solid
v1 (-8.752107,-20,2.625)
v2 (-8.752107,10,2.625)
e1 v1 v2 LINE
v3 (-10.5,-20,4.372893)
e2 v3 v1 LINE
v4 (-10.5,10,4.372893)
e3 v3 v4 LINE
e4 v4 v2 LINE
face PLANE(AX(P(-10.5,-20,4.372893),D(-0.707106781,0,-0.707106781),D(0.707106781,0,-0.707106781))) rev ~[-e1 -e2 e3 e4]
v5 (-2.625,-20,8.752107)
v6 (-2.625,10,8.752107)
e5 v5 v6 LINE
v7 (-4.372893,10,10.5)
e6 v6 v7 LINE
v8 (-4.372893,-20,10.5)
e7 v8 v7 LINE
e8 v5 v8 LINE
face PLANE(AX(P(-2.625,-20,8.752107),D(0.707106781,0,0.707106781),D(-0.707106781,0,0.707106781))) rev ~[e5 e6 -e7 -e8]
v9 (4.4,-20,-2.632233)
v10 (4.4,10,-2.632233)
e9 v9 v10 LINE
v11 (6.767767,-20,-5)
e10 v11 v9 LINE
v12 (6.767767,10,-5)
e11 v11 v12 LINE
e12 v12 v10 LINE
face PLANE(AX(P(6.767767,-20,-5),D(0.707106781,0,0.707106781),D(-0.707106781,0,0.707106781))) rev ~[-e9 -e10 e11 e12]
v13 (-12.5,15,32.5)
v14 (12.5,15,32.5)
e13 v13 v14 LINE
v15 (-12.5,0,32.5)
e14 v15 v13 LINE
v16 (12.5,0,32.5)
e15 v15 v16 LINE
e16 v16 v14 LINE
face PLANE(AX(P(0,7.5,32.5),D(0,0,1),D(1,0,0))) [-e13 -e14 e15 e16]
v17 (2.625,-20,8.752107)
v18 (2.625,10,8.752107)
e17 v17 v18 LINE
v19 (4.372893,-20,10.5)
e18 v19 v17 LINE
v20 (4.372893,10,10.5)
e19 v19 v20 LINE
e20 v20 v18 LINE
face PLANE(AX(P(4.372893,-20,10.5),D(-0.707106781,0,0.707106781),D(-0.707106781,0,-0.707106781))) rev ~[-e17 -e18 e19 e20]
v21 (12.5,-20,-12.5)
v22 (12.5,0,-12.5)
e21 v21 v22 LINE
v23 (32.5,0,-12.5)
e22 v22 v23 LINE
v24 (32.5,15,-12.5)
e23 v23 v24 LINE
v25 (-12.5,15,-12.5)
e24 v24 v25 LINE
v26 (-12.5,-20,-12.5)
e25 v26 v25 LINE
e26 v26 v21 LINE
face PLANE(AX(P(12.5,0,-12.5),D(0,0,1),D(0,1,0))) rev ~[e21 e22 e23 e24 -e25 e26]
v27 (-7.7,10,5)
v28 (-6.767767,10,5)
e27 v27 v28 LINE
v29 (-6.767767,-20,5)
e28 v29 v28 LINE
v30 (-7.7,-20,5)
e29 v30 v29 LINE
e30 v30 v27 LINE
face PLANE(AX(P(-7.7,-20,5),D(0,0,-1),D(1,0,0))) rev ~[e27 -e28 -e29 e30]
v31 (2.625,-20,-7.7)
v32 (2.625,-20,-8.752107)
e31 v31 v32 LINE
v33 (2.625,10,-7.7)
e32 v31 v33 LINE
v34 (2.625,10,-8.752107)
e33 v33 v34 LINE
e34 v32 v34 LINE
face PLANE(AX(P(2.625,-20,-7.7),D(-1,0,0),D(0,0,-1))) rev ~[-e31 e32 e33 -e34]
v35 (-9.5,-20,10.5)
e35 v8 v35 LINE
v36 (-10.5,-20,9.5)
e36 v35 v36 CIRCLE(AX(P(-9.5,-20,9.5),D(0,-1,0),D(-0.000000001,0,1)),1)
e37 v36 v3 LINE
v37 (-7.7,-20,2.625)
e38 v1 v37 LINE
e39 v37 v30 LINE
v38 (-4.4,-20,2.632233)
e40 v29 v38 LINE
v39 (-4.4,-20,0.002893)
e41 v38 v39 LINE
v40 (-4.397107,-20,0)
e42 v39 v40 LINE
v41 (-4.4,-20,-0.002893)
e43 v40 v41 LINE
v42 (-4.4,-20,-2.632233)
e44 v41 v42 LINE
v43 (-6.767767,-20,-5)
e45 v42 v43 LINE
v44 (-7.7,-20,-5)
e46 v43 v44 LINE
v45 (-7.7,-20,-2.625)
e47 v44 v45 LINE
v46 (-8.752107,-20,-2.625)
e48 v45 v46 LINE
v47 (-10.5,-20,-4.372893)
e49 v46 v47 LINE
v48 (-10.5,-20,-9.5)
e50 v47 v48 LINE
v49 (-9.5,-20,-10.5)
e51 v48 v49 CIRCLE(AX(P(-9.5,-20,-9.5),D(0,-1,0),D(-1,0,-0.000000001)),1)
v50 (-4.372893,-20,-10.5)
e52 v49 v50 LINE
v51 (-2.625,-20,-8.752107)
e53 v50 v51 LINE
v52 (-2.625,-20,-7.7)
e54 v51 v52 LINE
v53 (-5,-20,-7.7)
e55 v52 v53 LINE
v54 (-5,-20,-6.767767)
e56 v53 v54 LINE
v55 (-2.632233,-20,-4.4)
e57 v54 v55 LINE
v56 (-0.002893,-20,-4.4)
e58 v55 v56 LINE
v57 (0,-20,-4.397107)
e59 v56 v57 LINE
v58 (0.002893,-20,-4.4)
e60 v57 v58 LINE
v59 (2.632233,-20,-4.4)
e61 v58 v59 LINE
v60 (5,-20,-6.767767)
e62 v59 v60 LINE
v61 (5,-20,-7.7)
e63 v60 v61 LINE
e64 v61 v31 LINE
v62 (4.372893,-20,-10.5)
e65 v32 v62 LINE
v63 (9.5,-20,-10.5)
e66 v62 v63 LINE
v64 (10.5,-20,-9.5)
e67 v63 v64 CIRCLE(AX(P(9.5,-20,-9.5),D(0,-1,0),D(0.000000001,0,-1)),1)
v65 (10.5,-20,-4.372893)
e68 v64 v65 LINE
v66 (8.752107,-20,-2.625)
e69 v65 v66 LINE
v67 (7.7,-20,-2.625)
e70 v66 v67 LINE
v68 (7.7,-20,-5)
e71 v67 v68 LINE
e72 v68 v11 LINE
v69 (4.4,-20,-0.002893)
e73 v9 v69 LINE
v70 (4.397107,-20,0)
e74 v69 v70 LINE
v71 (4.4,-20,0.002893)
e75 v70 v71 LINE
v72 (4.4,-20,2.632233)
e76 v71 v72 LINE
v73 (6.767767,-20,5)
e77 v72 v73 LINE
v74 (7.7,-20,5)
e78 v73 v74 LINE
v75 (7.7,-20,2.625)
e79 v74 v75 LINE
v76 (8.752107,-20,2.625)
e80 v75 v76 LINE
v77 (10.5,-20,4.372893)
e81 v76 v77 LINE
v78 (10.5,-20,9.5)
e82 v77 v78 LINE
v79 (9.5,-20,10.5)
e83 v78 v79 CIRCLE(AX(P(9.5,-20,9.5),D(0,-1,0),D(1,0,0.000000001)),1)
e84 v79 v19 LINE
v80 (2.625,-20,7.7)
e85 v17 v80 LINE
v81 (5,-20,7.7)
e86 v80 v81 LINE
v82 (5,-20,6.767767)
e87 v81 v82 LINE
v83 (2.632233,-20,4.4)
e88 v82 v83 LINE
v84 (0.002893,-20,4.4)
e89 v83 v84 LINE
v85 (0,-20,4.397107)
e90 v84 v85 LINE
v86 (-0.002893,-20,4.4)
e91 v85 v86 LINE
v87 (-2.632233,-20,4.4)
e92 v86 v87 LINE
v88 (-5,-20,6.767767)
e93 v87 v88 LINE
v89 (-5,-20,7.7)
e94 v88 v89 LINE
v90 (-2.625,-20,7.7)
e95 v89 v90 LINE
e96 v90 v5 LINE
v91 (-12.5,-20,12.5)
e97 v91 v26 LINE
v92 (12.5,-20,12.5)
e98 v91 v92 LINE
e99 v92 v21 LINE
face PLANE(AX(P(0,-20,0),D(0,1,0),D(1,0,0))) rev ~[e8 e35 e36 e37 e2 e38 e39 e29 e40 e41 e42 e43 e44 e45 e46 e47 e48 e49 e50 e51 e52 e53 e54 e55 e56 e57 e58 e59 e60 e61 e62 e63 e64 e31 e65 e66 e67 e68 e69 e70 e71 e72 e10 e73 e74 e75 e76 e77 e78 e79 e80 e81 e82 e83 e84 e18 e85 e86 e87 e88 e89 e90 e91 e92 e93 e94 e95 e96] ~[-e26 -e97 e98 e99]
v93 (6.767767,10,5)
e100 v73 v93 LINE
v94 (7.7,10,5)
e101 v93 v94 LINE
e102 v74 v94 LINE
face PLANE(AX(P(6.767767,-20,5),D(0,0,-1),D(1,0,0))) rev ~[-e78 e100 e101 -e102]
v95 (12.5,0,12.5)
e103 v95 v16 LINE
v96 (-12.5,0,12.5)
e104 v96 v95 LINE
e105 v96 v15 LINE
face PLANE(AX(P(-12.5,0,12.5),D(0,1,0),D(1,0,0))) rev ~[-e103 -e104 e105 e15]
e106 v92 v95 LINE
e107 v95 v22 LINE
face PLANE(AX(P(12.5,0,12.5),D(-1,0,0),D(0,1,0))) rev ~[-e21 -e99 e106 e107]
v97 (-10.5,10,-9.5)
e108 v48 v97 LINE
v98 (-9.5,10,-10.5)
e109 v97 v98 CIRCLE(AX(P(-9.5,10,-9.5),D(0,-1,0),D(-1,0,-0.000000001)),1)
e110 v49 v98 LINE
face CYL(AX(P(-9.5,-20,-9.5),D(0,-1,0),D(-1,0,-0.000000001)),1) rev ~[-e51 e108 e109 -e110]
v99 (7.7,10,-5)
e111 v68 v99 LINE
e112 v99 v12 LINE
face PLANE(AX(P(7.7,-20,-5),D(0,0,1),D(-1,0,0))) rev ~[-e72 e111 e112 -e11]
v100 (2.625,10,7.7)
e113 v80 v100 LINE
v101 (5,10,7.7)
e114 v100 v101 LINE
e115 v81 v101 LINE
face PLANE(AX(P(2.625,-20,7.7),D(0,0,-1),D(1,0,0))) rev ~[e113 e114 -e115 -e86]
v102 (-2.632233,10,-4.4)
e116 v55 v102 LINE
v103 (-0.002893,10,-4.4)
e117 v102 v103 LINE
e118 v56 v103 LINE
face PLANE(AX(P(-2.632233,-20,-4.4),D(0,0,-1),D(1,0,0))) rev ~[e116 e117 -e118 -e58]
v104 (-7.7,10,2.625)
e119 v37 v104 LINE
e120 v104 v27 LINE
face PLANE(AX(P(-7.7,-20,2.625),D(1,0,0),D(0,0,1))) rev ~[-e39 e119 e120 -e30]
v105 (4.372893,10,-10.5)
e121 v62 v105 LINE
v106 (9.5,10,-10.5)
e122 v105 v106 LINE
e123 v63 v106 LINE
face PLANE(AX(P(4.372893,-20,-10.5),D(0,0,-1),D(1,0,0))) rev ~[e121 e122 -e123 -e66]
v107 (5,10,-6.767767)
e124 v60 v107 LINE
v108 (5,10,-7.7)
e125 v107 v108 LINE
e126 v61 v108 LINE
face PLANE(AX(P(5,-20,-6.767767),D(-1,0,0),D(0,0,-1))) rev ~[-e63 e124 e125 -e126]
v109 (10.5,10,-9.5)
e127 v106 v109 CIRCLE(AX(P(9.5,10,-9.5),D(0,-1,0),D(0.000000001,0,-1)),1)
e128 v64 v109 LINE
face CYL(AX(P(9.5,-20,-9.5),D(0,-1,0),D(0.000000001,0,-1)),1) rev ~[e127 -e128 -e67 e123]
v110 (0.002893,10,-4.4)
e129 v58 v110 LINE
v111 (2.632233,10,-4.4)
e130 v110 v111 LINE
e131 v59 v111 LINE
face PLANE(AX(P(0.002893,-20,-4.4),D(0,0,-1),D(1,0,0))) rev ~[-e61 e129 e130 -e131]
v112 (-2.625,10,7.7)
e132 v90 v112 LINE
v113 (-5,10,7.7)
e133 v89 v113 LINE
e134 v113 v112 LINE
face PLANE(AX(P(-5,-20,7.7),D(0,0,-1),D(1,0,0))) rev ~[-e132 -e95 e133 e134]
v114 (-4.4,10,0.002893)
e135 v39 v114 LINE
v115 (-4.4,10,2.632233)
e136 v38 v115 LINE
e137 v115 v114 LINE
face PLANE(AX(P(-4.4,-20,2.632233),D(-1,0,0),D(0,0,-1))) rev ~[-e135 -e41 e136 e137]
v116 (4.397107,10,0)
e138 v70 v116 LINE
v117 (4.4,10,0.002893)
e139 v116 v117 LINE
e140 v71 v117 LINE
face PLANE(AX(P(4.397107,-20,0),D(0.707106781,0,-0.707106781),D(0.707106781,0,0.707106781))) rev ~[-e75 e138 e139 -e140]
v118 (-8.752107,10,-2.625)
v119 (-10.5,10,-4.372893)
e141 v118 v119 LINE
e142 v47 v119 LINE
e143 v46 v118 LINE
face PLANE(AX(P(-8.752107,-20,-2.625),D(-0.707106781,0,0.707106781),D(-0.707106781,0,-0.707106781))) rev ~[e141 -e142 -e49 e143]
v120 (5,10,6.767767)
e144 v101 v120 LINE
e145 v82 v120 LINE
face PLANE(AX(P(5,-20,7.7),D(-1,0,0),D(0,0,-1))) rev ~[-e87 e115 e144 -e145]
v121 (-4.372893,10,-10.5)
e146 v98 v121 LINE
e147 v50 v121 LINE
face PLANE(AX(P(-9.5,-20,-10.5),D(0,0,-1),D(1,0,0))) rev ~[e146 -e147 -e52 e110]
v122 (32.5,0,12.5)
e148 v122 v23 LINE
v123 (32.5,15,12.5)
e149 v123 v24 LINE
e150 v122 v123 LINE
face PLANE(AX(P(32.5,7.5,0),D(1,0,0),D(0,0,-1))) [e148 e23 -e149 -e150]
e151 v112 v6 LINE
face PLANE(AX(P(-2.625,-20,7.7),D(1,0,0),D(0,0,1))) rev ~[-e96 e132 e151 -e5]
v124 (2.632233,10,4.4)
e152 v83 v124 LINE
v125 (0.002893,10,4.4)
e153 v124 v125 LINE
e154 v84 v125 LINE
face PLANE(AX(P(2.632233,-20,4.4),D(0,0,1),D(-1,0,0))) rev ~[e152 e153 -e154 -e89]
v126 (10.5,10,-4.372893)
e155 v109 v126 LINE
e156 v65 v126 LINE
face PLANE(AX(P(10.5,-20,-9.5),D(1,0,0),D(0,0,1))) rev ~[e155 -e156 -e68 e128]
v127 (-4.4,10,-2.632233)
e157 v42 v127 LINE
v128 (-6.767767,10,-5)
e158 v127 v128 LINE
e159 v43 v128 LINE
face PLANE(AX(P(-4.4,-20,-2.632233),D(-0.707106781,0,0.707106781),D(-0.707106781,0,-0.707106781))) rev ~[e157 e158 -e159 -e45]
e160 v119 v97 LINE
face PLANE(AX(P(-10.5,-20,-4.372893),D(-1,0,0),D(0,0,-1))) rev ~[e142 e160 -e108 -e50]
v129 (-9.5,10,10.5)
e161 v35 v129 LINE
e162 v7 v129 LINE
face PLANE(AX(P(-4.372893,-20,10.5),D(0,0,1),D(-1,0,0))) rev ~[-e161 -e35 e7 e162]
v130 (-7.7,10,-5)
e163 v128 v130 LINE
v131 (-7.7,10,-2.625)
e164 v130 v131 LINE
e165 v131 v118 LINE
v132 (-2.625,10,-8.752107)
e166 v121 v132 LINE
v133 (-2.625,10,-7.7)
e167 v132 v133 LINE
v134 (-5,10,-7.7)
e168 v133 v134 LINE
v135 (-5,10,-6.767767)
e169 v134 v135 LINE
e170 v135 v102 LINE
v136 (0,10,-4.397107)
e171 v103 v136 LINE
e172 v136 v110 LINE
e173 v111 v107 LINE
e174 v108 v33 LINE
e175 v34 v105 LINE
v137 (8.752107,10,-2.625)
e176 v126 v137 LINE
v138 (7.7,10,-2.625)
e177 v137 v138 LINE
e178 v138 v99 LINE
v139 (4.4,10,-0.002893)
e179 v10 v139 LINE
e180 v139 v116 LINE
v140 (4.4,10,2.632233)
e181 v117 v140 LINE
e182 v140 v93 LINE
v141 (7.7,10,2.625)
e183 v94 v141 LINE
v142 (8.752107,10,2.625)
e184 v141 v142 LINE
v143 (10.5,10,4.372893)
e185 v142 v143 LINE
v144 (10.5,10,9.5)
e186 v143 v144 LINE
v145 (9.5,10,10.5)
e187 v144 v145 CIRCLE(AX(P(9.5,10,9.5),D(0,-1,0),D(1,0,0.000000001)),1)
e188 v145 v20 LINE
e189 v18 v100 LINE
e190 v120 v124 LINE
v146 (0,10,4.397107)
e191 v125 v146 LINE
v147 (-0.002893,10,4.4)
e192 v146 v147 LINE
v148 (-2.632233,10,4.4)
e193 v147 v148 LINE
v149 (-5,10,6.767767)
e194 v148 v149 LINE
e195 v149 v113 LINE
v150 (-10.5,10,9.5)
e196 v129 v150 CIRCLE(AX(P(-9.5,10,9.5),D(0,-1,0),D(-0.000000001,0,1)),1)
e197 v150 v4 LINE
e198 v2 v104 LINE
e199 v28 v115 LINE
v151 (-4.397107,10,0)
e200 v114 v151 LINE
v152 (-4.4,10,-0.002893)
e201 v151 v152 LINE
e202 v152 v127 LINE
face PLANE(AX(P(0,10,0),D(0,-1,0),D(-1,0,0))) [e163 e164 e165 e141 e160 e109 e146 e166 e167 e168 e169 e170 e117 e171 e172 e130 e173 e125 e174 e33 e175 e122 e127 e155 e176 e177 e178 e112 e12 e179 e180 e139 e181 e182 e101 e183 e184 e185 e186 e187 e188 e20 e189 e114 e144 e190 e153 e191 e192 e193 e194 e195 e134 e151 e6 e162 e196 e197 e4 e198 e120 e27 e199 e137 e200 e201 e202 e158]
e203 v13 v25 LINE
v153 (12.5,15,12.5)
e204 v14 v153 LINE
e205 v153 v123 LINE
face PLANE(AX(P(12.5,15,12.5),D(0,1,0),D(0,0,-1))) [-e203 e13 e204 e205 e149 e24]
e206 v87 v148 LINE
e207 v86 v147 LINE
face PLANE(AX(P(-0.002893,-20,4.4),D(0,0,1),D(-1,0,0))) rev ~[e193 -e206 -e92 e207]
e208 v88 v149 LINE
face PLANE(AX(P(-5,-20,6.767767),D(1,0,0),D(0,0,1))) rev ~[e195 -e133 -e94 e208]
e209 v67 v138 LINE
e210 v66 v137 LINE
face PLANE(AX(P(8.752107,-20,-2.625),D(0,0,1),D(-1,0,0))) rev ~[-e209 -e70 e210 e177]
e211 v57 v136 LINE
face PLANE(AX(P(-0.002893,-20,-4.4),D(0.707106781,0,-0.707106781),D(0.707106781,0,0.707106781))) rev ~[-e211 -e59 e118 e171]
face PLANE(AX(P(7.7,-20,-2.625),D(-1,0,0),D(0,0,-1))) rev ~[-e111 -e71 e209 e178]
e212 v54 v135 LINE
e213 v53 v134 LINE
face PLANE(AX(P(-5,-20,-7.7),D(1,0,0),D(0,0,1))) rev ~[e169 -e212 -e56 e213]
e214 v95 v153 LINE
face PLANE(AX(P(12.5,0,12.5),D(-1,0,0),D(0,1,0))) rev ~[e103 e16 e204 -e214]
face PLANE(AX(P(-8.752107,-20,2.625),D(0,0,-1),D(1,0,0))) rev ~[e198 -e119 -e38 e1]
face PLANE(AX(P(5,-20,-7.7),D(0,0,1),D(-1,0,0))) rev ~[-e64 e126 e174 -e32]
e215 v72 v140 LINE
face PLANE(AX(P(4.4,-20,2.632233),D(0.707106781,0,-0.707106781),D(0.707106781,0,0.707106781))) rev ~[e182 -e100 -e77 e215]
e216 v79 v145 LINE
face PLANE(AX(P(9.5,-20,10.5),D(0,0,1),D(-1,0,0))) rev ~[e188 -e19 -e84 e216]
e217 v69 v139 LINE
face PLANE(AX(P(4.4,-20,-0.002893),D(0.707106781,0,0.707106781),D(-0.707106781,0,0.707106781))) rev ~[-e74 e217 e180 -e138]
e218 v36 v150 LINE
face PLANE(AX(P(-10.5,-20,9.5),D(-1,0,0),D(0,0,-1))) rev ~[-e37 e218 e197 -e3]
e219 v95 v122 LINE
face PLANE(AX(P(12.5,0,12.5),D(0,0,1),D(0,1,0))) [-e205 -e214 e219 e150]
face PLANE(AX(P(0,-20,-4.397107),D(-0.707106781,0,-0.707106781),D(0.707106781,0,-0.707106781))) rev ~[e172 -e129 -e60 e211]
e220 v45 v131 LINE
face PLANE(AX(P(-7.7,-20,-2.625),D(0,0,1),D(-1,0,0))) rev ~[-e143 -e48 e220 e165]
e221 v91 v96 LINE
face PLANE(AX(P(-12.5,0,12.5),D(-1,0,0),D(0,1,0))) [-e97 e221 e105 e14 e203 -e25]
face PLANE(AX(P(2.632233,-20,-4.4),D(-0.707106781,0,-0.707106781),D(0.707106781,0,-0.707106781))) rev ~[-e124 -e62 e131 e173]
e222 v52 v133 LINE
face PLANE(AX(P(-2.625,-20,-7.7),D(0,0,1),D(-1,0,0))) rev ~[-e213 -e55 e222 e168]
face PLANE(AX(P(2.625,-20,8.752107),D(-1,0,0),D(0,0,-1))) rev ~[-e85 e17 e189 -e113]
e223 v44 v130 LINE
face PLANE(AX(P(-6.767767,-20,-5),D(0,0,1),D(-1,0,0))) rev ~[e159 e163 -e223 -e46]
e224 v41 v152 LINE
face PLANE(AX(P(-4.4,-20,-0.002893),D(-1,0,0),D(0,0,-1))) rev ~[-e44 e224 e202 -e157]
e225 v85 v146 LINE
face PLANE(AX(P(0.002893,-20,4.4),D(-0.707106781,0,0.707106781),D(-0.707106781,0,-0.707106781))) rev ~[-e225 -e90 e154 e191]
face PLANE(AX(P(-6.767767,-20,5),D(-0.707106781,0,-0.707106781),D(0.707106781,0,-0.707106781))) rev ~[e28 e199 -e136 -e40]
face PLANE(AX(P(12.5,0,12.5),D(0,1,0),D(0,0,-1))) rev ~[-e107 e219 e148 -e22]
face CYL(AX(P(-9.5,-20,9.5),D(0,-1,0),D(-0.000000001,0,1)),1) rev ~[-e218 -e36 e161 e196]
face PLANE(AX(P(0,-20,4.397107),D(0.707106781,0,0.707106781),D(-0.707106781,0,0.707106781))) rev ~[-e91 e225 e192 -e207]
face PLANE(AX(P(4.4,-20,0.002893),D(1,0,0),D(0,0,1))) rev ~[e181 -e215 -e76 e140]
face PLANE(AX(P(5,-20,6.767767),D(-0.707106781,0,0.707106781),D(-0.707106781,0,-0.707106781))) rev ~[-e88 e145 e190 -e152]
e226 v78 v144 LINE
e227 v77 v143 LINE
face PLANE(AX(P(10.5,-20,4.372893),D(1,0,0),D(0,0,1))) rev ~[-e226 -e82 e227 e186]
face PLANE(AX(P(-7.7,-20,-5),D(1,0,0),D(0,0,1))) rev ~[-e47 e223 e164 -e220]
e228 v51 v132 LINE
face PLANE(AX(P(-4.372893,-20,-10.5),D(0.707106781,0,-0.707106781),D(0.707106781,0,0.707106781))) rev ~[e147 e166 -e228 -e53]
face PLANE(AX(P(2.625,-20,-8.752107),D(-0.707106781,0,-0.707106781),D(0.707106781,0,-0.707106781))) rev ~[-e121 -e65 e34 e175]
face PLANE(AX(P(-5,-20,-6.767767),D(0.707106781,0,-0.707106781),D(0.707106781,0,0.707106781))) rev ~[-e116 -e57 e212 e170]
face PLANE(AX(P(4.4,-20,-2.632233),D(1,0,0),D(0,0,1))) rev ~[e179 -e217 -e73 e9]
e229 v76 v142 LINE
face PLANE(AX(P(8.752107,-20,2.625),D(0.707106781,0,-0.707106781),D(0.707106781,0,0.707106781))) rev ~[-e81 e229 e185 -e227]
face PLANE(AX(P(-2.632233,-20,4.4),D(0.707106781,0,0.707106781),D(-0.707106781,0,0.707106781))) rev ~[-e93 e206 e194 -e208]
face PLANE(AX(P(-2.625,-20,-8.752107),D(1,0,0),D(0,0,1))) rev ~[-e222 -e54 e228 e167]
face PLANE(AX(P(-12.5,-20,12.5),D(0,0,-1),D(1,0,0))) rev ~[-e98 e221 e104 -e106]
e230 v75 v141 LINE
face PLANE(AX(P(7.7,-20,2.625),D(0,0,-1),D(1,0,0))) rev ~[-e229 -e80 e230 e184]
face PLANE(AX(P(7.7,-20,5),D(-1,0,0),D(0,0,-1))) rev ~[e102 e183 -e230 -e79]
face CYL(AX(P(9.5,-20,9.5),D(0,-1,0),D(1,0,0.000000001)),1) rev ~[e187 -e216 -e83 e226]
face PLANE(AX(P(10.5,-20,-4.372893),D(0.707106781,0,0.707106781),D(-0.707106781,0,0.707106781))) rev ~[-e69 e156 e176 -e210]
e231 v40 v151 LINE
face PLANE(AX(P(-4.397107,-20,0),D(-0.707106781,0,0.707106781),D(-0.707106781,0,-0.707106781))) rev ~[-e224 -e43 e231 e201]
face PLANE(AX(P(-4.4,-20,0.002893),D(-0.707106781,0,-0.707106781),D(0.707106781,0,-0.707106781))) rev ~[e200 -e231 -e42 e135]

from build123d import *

# Parameters (mm, degrees)
BOSS_EXTRUDE1_DEPTH      = 15
BOSS_EXTRUDE1_DEPTH_BACK = 20
SKETCH3_W                = 25
SKETCH3_H                = 25
CUT_EXTRUDE1_DEPTH       = 30
SKETCH5_W                = 25
SKETCH5_H                = 15
BOSS_EXTRUDE2_DEPTH      = 20
SKETCH6_W                = 25
SKETCH6_H                = 15
BOSS_EXTRUDE3_DEPTH      = 20


with BuildPart() as part:
    # Sketch3 → Boss-Extrude1 (new, two sides: drawn at the far end of the back side and taken through both)
    with BuildSketch(Plane(origin=(0, 0, 0), x_dir=(1, 0, 0), z_dir=(0, 1, 0)).offset(-BOSS_EXTRUDE1_DEPTH_BACK)):
        Rectangle(SKETCH3_W, SKETCH3_H)
    extrude(amount=BOSS_EXTRUDE1_DEPTH + BOSS_EXTRUDE1_DEPTH_BACK)

    # Extrusion Profile → Cut-Extrude1 (cut)
    with BuildSketch(Plane(origin=(0, -20, 0), x_dir=(-1, 0, 0), z_dir=(0, -1, 0))):
        with BuildLine():
            Line((4.4, -0.002893219), (4.397106781, 0))
            Line((4.397106781, 0), (4.4, 0.002893219))
            Line((4.4, 0.002893219), (4.4, 2.632233047))
            Line((4.4, 2.632233047), (6.767766953, 5))
            Line((6.767766953, 5), (7.7, 5))
            Line((7.7, 5), (7.7, 2.625))
            Line((7.7, 2.625), (8.752106781, 2.625))
            Line((8.752106781, 2.625), (10.5, 4.372893219))
            Line((10.5, 4.372893219), (10.5, 9.5))
            ThreePointArc((10.5, 9.5), (10.207106781, 10.207106781), (9.5, 10.5))
            Line((9.5, 10.5), (4.372893219, 10.5))
            Line((4.372893219, 10.5), (2.625, 8.752106781))
            Line((2.625, 8.752106781), (2.625, 7.7))
            Line((2.625, 7.7), (5, 7.7))
            Line((5, 7.7), (5, 6.767766953))
            Line((5, 6.767766953), (2.632233047, 4.4))
            Line((2.632233047, 4.4), (0.002893219, 4.4))
            Line((0.002893219, 4.4), (0, 4.397106781))
            Line((0, 4.397106781), (-0.002893219, 4.4))
            Line((-0.002893219, 4.4), (-2.632233047, 4.4))
            Line((-2.632233047, 4.4), (-5, 6.767766953))
            Line((-5, 6.767766953), (-5, 7.7))
            Line((-5, 7.7), (-2.625, 7.7))
            Line((-2.625, 7.7), (-2.625, 8.752106781))
            Line((-2.625, 8.752106781), (-4.372893219, 10.5))
            Line((-4.372893219, 10.5), (-9.5, 10.5))
            ThreePointArc((-9.5, 10.5), (-10.207106781, 10.207106781), (-10.5, 9.5))
            Line((-10.5, 9.5), (-10.5, 4.372893219))
            Line((-10.5, 4.372893219), (-8.752106781, 2.625))
            Line((-8.752106781, 2.625), (-7.7, 2.625))
            Line((-7.7, 2.625), (-7.7, 5))
            Line((-7.7, 5), (-6.767766953, 5))
            Line((-6.767766953, 5), (-4.4, 2.632233047))
            Line((-4.4, 2.632233047), (-4.4, 0.002893219))
            Line((-4.4, 0.002893219), (-4.397106781, 0))
            Line((-4.397106781, 0), (-4.4, -0.002893219))
            Line((-4.4, -0.002893219), (-4.4, -2.632233047))
            Line((-4.4, -2.632233047), (-6.767766953, -5))
            Line((-6.767766953, -5), (-7.7, -5))
            Line((-7.7, -5), (-7.7, -2.625))
            Line((-7.7, -2.625), (-8.752106781, -2.625))
            Line((-8.752106781, -2.625), (-10.5, -4.372893219))
            Line((-10.5, -4.372893219), (-10.5, -9.5))
            ThreePointArc((-10.5, -9.5), (-10.207106781, -10.207106781), (-9.5, -10.5))
            Line((-9.5, -10.5), (-4.372893219, -10.5))
            Line((-4.372893219, -10.5), (-2.625, -8.752106781))
            Line((-2.625, -8.752106781), (-2.625, -7.7))
            Line((-2.625, -7.7), (-5, -7.7))
            Line((-5, -7.7), (-5, -6.767766953))
            Line((-5, -6.767766953), (-2.632233047, -4.4))
            Line((-2.632233047, -4.4), (-0.002893219, -4.4))
            Line((-0.002893219, -4.4), (0, -4.397106781))
            Line((0, -4.397106781), (0.002893219, -4.4))
            Line((0.002893219, -4.4), (2.632233047, -4.4))
            Line((2.632233047, -4.4), (5, -6.767766953))
            Line((5, -6.767766953), (5, -7.7))
            Line((5, -7.7), (2.625, -7.7))
            Line((2.625, -7.7), (2.625, -8.752106781))
            Line((2.625, -8.752106781), (4.372893219, -10.5))
            Line((4.372893219, -10.5), (9.5, -10.5))
            ThreePointArc((9.5, -10.5), (10.207106781, -10.207106781), (10.5, -9.5))
            Line((10.5, -9.5), (10.5, -4.372893219))
            Line((10.5, -4.372893219), (8.752106781, -2.625))
            Line((8.752106781, -2.625), (7.7, -2.625))
            Line((7.7, -2.625), (7.7, -5))
            Line((7.7, -5), (6.767766953, -5))
            Line((6.767766953, -5), (4.4, -2.632233047))
            Line((4.4, -2.632233047), (4.4, -0.002893219))
        make_face()
    extrude(amount=-CUT_EXTRUDE1_DEPTH, mode=Mode.SUBTRACT)

    # Sketch5 → Boss-Extrude2 (add)
    with BuildSketch(Plane.XY.offset(12.5)):
        with Locations((0, 7.5)):
            Rectangle(SKETCH5_W, SKETCH5_H)
    extrude(amount=BOSS_EXTRUDE2_DEPTH)

    # Sketch6 → Boss-Extrude3 (add)
    with BuildSketch(Plane(origin=(12.5, 0, 0), x_dir=(0, 0, -1), z_dir=(1, 0, 0))):
        with Locations((0, 7.5)):
            Rectangle(SKETCH6_W, SKETCH6_H)
    extrude(amount=BOSS_EXTRUDE3_DEPTH)


solid = part.part
